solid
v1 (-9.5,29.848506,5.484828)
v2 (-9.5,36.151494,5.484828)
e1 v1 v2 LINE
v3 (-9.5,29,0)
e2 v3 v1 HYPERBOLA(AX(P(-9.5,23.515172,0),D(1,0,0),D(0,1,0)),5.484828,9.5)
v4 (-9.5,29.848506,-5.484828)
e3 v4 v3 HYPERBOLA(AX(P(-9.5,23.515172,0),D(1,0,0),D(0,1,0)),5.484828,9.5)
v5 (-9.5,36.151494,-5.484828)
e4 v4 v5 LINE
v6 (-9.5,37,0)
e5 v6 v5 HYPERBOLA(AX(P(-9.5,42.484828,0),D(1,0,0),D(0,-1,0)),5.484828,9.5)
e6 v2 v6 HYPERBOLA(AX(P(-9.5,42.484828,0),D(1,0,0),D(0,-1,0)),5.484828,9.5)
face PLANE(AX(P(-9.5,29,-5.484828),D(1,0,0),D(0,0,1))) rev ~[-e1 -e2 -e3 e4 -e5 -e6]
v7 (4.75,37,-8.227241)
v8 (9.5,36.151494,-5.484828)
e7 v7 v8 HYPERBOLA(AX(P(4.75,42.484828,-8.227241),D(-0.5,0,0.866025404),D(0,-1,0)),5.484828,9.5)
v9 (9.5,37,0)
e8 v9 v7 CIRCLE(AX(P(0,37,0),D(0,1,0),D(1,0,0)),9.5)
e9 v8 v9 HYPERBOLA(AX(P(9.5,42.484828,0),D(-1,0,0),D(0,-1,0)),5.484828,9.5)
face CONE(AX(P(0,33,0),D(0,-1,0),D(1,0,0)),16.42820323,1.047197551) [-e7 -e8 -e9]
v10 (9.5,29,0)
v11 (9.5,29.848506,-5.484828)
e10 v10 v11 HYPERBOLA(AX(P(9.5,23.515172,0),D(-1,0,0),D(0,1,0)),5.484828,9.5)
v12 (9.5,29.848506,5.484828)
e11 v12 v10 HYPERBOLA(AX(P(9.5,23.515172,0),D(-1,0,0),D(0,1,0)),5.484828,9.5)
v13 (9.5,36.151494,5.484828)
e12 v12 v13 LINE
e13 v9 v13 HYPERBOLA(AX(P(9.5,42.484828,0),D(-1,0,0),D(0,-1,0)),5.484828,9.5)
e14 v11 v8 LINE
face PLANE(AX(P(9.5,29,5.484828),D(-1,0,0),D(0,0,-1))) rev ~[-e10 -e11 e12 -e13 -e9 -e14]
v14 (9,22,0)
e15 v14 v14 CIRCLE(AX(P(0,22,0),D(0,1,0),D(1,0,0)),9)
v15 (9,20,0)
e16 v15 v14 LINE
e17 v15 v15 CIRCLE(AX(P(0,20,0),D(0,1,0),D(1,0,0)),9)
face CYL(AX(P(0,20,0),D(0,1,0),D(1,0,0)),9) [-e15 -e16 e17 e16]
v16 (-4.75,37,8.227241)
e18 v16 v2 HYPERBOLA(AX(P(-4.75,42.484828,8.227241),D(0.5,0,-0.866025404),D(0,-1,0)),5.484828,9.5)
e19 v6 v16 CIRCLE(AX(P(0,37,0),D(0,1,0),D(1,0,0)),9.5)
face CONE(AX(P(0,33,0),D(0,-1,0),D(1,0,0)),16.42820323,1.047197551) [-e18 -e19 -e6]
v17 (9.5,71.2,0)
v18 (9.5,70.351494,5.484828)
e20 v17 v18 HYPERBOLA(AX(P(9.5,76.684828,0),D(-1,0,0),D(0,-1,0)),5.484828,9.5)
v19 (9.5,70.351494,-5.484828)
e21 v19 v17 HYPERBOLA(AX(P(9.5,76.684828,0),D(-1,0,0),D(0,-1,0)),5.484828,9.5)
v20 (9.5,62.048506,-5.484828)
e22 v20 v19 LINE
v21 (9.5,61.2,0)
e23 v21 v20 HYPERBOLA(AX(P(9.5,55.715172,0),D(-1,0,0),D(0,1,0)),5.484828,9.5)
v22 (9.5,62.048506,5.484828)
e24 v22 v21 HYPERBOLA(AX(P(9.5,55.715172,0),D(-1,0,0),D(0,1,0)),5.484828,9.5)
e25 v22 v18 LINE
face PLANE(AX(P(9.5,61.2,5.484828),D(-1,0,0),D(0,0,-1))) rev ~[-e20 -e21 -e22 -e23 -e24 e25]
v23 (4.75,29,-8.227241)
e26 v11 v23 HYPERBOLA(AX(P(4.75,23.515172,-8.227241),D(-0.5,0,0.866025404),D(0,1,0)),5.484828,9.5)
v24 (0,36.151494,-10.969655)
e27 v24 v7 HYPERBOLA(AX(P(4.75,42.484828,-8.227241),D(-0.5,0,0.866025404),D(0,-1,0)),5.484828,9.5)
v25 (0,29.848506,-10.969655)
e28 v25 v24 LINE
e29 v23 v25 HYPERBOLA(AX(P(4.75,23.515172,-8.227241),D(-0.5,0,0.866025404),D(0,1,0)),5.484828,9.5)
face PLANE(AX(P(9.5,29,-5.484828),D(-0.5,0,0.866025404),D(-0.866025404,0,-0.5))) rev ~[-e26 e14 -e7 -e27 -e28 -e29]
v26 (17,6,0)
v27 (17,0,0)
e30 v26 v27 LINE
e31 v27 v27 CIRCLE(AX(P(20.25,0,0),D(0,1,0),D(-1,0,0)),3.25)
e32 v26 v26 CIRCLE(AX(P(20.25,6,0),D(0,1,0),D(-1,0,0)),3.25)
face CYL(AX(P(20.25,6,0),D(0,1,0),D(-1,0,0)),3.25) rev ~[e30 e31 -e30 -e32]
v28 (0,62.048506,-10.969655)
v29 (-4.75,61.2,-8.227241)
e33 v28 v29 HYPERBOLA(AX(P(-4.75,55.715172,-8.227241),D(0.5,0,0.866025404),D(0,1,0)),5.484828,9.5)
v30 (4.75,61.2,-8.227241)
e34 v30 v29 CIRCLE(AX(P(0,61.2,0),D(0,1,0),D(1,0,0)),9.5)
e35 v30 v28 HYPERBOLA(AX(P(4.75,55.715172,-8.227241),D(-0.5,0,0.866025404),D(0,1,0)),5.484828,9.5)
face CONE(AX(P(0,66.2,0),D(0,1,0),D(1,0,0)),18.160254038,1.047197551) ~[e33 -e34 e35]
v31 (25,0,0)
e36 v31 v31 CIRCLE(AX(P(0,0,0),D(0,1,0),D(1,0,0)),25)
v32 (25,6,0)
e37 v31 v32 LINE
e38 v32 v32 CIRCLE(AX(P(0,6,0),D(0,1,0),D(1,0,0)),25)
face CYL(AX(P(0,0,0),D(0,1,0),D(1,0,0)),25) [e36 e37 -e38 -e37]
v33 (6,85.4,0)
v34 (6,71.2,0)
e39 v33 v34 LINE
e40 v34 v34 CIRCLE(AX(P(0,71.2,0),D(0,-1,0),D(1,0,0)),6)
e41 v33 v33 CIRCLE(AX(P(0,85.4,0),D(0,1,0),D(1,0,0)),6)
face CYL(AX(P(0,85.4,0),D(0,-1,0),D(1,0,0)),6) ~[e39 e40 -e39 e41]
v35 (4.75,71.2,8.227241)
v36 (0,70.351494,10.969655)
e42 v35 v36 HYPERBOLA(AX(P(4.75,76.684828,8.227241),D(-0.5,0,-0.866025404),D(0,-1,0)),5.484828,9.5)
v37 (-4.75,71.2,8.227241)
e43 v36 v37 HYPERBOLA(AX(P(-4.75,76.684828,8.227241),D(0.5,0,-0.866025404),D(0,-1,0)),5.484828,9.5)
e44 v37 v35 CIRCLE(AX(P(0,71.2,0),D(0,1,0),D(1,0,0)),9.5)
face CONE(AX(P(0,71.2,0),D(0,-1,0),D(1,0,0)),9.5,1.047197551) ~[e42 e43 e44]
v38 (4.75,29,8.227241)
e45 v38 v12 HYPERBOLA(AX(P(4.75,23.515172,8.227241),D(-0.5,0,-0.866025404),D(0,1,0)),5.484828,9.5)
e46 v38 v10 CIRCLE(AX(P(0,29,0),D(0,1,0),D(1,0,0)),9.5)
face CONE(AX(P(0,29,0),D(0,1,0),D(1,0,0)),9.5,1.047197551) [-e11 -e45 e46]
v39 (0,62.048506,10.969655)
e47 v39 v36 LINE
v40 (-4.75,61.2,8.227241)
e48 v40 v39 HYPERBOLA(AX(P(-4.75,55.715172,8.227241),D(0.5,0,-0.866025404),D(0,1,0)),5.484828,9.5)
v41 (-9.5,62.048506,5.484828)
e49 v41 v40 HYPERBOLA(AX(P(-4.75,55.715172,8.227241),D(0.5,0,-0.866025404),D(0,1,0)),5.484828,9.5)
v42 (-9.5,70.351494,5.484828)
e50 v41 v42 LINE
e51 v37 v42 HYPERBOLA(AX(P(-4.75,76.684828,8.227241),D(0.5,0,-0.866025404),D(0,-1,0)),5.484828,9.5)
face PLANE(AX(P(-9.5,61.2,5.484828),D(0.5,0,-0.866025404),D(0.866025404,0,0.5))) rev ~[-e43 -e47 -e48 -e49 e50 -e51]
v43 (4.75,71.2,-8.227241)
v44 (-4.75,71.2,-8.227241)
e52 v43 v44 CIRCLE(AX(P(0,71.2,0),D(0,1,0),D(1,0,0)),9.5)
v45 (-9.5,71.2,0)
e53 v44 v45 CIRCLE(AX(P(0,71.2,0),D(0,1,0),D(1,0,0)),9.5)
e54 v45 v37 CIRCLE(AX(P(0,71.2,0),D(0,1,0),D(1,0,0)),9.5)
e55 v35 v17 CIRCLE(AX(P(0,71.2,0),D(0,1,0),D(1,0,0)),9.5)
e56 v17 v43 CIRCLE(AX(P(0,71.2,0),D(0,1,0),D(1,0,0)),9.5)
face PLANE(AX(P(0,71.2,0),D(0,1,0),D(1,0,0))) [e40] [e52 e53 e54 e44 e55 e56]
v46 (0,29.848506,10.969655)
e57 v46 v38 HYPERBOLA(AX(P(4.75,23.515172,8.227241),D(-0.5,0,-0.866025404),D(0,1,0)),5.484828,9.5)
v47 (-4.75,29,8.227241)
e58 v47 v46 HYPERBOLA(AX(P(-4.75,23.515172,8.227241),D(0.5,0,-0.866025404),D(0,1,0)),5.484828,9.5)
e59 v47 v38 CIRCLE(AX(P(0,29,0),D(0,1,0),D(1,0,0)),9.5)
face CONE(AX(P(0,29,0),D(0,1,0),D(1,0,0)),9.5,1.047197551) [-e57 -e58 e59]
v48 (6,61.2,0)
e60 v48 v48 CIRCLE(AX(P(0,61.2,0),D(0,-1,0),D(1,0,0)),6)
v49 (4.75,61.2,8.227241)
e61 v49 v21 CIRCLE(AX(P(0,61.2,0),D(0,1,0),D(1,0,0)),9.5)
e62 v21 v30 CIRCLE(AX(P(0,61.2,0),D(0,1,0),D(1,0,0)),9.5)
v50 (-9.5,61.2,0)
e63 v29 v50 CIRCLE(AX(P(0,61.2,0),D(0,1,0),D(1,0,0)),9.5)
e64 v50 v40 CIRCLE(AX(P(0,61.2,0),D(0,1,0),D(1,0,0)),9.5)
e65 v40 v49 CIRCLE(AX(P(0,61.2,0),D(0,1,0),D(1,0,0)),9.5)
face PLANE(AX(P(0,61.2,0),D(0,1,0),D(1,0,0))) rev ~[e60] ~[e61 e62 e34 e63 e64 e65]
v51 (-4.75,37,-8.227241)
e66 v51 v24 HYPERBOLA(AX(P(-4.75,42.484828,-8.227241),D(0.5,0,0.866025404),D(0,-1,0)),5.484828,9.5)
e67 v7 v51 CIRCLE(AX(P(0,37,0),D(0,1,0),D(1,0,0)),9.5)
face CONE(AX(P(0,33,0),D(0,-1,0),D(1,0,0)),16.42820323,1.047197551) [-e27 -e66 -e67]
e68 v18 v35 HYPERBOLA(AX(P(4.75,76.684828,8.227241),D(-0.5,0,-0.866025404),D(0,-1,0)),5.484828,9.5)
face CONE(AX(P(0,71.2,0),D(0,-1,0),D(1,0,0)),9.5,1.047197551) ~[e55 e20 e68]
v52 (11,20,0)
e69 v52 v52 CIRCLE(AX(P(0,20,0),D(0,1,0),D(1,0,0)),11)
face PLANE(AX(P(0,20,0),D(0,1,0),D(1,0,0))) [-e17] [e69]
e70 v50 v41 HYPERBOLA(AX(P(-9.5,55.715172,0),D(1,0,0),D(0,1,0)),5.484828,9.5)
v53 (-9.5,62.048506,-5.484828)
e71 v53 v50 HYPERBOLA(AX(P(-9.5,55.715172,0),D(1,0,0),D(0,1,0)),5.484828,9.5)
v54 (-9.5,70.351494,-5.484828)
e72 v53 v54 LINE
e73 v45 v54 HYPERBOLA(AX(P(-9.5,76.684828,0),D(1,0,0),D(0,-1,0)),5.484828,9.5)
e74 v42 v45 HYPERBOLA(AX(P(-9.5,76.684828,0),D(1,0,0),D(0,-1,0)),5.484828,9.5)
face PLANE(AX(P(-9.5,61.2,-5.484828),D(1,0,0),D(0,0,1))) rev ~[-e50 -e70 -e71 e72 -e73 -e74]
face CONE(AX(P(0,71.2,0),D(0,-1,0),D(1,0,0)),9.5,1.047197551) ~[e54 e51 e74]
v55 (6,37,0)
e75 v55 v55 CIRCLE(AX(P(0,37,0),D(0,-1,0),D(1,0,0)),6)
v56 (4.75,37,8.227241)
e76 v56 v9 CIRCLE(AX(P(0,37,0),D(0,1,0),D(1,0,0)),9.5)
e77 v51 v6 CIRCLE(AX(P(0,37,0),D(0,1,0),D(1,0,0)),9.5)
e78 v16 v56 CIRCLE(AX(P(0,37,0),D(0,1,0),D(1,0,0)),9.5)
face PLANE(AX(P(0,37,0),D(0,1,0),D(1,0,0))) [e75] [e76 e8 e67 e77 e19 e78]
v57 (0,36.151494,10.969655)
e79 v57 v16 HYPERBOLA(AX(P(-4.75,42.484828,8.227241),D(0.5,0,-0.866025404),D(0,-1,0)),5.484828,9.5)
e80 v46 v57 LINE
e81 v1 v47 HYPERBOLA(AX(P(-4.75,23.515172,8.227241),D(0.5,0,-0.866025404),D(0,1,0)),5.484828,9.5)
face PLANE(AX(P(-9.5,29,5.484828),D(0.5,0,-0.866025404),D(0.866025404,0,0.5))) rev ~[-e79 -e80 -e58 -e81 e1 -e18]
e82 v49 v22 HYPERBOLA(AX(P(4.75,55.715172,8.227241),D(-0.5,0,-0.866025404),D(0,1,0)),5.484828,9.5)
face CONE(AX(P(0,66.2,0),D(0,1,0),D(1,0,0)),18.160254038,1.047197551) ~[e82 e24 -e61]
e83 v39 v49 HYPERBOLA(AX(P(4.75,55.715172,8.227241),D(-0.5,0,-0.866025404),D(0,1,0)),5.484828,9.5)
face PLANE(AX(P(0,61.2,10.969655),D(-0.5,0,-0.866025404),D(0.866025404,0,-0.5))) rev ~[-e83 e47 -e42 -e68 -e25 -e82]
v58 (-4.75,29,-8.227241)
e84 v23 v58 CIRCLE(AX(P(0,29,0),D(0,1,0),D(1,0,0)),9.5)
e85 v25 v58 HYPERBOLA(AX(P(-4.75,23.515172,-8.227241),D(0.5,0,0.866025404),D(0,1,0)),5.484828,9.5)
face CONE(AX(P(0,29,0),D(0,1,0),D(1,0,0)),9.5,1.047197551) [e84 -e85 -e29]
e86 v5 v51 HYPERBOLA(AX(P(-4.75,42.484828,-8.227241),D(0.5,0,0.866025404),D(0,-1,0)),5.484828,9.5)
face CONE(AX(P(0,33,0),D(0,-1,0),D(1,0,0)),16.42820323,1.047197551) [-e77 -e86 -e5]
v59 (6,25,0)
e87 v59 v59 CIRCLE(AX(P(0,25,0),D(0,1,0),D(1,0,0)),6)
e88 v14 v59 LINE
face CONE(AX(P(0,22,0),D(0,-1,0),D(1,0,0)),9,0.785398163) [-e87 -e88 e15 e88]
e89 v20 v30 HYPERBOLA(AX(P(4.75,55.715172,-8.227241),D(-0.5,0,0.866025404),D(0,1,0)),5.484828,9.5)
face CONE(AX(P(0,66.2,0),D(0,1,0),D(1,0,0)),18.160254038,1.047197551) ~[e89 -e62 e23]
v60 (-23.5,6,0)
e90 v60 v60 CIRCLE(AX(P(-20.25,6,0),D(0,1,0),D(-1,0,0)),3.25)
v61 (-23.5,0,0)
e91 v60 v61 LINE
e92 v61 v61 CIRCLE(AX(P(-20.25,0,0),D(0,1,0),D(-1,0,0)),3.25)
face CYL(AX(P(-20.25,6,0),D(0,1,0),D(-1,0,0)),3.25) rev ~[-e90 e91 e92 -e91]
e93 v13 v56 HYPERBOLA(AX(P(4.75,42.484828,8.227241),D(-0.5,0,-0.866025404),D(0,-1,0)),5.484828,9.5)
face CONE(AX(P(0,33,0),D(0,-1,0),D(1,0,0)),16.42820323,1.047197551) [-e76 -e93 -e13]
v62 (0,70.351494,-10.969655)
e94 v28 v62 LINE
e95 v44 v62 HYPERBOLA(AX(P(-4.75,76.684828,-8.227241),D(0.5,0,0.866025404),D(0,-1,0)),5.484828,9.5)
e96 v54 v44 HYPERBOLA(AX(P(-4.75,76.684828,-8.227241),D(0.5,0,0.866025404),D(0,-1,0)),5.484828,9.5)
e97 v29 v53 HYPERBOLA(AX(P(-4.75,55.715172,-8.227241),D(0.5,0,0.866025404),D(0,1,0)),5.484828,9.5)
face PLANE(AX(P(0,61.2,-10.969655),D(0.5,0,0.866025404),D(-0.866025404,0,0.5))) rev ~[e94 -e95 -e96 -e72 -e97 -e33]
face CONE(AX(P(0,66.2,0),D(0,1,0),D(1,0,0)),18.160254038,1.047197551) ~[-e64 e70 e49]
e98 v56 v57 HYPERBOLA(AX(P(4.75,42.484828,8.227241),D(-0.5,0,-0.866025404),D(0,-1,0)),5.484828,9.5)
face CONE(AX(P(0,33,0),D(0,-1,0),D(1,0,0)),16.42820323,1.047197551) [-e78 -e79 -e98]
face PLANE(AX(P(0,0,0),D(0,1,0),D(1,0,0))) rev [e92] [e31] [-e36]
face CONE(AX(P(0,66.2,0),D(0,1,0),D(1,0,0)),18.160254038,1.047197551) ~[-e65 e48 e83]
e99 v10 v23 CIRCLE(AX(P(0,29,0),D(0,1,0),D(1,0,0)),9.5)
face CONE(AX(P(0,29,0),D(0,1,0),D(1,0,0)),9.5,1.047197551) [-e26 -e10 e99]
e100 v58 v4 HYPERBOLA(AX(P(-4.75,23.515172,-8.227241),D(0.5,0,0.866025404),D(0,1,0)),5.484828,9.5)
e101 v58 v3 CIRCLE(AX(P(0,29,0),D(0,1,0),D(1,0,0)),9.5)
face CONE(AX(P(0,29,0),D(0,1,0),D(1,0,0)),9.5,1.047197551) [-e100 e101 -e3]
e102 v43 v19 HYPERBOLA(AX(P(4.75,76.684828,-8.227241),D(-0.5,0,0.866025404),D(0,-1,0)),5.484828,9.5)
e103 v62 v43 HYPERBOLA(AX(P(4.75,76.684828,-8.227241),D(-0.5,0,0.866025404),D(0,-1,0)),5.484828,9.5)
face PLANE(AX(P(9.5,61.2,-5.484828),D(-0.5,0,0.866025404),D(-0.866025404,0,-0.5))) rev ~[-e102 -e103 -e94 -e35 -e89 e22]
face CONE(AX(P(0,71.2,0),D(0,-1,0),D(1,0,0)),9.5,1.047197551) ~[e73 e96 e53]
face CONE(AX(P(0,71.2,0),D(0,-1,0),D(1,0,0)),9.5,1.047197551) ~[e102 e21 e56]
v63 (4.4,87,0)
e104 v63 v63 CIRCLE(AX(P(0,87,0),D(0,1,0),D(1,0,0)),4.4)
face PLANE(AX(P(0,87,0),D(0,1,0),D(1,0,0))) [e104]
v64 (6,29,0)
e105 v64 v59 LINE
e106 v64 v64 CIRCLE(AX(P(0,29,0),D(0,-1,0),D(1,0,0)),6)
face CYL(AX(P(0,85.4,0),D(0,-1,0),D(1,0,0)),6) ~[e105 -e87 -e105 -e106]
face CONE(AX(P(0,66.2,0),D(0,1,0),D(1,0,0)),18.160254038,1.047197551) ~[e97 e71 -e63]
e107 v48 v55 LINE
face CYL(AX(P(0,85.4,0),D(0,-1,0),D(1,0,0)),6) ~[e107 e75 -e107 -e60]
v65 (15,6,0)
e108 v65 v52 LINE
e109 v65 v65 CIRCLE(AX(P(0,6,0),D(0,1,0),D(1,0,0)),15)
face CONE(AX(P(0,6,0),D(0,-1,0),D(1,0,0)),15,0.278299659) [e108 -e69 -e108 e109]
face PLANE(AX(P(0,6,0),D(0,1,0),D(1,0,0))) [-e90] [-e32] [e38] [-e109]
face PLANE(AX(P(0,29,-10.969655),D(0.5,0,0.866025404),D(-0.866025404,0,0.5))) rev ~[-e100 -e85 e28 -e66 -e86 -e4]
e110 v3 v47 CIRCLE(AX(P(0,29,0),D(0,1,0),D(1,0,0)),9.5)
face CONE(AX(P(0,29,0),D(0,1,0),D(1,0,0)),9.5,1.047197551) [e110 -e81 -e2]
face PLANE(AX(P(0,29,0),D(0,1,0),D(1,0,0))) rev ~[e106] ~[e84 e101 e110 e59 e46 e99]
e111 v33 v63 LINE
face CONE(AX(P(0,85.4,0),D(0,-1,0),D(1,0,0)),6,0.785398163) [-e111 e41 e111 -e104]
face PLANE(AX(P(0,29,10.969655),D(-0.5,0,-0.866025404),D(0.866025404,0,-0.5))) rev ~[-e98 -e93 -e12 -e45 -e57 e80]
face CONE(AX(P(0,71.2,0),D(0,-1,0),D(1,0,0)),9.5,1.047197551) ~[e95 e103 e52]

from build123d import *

# Parameters (mm, degrees)
EXTRUDE_1_DEPTH     = 8
EXTRUDE_2_DEPTH     = 10
SKETCH_5_R          = 3.25
CUT_EXTRUDE_1_DEPTH = 7


with BuildPart() as part:
    # Эскиз1 → Повернуть1 (revolve)
    with BuildSketch(Plane.XY, mode=Mode.PRIVATE) as revolve_1_sk:
        Polygon((0, 0), (-25, 0), (-25, 6), (-15, 6), (-11, 20), (-9, 20), (-9, 22), (-6, 25), (-6, 29), (-6, 37), (-6, 85.4), (-4.4, 87), (0, 87), align=None)
    revolve(revolve_1_sk.sketch.rotate(Axis((0, 0, 0), (0, 1, 0)), 180), axis=Axis((0, 0, 0), (0, 1, 0)))  # turned: the seam where the file's is

    # Эскиз2 → Бобышка-Вытянуть1 (add)
    with BuildSketch(Plane(origin=(0, 29, 0), x_dir=(1, 0, 0), z_dir=(0, 1, 0))):
        Polygon((0, 10.969655115), (-9.5, 5.484827557), (-9.5, -5.484827557), (0, -10.969655115), (9.5, -5.484827557), (9.5, 5.484827557), align=None)
    extrude(amount=EXTRUDE_1_DEPTH)

    # Эскиз3 → Бобышка-Вытянуть2 (add)
    with BuildSketch(Plane(origin=(0, 61.2, 0), x_dir=(1, 0, 0), z_dir=(0, 1, 0))):
        Polygon((9.5, 5.484827557), (0, 10.969655115), (-9.5, 5.484827557), (-9.5, -5.484827557), (0, -10.969655115), (9.5, -5.484827557), align=None)
    extrude(amount=EXTRUDE_2_DEPTH)

    # Эскиз4 → Вырез-Повернуть2 (revolve, cut)
    with BuildSketch(Plane.XY, mode=Mode.PRIVATE) as cut_revolve_2_sk:
        Polygon((-18.160254038, 71.2), (-9.5, 71.2), (-18.160254038, 66.2), align=None)
        Polygon((-18.160254038, 61.2), (-18.160254038, 66.2), (-9.5, 61.2), align=None)
        Polygon((-16.42820323, 37), (-16.42820323, 33), (-9.5, 37), align=None)
        Polygon((-16.42820323, 33), (-16.42820323, 29), (-9.5, 29), align=None)
    revolve(cut_revolve_2_sk.sketch.rotate(Axis((0, 87, 0), (0, 1, 0)), 180), axis=Axis((0, 87, 0), (0, 1, 0)), mode=Mode.SUBTRACT)  # turned: the seam where the file's is

    # Эскиз5 → Вырез-Вытянуть1 (cut, through all)
    with BuildSketch(Plane(origin=(0, 6, 0), x_dir=(1, 0, 0), z_dir=(0, 1, 0))):
        with Locations(Location((-20.25, 0, 0), (0, 0, 180))):  # turned: the seam where the file's is
            Circle(SKETCH_5_R)
        with Locations(Location((20.25, 0, 0), (0, 0, 180))):  # turned: the seam where the file's is
            Circle(SKETCH_5_R)
    extrude(amount=-CUT_EXTRUDE_1_DEPTH, mode=Mode.SUBTRACT)


solid = part.part
